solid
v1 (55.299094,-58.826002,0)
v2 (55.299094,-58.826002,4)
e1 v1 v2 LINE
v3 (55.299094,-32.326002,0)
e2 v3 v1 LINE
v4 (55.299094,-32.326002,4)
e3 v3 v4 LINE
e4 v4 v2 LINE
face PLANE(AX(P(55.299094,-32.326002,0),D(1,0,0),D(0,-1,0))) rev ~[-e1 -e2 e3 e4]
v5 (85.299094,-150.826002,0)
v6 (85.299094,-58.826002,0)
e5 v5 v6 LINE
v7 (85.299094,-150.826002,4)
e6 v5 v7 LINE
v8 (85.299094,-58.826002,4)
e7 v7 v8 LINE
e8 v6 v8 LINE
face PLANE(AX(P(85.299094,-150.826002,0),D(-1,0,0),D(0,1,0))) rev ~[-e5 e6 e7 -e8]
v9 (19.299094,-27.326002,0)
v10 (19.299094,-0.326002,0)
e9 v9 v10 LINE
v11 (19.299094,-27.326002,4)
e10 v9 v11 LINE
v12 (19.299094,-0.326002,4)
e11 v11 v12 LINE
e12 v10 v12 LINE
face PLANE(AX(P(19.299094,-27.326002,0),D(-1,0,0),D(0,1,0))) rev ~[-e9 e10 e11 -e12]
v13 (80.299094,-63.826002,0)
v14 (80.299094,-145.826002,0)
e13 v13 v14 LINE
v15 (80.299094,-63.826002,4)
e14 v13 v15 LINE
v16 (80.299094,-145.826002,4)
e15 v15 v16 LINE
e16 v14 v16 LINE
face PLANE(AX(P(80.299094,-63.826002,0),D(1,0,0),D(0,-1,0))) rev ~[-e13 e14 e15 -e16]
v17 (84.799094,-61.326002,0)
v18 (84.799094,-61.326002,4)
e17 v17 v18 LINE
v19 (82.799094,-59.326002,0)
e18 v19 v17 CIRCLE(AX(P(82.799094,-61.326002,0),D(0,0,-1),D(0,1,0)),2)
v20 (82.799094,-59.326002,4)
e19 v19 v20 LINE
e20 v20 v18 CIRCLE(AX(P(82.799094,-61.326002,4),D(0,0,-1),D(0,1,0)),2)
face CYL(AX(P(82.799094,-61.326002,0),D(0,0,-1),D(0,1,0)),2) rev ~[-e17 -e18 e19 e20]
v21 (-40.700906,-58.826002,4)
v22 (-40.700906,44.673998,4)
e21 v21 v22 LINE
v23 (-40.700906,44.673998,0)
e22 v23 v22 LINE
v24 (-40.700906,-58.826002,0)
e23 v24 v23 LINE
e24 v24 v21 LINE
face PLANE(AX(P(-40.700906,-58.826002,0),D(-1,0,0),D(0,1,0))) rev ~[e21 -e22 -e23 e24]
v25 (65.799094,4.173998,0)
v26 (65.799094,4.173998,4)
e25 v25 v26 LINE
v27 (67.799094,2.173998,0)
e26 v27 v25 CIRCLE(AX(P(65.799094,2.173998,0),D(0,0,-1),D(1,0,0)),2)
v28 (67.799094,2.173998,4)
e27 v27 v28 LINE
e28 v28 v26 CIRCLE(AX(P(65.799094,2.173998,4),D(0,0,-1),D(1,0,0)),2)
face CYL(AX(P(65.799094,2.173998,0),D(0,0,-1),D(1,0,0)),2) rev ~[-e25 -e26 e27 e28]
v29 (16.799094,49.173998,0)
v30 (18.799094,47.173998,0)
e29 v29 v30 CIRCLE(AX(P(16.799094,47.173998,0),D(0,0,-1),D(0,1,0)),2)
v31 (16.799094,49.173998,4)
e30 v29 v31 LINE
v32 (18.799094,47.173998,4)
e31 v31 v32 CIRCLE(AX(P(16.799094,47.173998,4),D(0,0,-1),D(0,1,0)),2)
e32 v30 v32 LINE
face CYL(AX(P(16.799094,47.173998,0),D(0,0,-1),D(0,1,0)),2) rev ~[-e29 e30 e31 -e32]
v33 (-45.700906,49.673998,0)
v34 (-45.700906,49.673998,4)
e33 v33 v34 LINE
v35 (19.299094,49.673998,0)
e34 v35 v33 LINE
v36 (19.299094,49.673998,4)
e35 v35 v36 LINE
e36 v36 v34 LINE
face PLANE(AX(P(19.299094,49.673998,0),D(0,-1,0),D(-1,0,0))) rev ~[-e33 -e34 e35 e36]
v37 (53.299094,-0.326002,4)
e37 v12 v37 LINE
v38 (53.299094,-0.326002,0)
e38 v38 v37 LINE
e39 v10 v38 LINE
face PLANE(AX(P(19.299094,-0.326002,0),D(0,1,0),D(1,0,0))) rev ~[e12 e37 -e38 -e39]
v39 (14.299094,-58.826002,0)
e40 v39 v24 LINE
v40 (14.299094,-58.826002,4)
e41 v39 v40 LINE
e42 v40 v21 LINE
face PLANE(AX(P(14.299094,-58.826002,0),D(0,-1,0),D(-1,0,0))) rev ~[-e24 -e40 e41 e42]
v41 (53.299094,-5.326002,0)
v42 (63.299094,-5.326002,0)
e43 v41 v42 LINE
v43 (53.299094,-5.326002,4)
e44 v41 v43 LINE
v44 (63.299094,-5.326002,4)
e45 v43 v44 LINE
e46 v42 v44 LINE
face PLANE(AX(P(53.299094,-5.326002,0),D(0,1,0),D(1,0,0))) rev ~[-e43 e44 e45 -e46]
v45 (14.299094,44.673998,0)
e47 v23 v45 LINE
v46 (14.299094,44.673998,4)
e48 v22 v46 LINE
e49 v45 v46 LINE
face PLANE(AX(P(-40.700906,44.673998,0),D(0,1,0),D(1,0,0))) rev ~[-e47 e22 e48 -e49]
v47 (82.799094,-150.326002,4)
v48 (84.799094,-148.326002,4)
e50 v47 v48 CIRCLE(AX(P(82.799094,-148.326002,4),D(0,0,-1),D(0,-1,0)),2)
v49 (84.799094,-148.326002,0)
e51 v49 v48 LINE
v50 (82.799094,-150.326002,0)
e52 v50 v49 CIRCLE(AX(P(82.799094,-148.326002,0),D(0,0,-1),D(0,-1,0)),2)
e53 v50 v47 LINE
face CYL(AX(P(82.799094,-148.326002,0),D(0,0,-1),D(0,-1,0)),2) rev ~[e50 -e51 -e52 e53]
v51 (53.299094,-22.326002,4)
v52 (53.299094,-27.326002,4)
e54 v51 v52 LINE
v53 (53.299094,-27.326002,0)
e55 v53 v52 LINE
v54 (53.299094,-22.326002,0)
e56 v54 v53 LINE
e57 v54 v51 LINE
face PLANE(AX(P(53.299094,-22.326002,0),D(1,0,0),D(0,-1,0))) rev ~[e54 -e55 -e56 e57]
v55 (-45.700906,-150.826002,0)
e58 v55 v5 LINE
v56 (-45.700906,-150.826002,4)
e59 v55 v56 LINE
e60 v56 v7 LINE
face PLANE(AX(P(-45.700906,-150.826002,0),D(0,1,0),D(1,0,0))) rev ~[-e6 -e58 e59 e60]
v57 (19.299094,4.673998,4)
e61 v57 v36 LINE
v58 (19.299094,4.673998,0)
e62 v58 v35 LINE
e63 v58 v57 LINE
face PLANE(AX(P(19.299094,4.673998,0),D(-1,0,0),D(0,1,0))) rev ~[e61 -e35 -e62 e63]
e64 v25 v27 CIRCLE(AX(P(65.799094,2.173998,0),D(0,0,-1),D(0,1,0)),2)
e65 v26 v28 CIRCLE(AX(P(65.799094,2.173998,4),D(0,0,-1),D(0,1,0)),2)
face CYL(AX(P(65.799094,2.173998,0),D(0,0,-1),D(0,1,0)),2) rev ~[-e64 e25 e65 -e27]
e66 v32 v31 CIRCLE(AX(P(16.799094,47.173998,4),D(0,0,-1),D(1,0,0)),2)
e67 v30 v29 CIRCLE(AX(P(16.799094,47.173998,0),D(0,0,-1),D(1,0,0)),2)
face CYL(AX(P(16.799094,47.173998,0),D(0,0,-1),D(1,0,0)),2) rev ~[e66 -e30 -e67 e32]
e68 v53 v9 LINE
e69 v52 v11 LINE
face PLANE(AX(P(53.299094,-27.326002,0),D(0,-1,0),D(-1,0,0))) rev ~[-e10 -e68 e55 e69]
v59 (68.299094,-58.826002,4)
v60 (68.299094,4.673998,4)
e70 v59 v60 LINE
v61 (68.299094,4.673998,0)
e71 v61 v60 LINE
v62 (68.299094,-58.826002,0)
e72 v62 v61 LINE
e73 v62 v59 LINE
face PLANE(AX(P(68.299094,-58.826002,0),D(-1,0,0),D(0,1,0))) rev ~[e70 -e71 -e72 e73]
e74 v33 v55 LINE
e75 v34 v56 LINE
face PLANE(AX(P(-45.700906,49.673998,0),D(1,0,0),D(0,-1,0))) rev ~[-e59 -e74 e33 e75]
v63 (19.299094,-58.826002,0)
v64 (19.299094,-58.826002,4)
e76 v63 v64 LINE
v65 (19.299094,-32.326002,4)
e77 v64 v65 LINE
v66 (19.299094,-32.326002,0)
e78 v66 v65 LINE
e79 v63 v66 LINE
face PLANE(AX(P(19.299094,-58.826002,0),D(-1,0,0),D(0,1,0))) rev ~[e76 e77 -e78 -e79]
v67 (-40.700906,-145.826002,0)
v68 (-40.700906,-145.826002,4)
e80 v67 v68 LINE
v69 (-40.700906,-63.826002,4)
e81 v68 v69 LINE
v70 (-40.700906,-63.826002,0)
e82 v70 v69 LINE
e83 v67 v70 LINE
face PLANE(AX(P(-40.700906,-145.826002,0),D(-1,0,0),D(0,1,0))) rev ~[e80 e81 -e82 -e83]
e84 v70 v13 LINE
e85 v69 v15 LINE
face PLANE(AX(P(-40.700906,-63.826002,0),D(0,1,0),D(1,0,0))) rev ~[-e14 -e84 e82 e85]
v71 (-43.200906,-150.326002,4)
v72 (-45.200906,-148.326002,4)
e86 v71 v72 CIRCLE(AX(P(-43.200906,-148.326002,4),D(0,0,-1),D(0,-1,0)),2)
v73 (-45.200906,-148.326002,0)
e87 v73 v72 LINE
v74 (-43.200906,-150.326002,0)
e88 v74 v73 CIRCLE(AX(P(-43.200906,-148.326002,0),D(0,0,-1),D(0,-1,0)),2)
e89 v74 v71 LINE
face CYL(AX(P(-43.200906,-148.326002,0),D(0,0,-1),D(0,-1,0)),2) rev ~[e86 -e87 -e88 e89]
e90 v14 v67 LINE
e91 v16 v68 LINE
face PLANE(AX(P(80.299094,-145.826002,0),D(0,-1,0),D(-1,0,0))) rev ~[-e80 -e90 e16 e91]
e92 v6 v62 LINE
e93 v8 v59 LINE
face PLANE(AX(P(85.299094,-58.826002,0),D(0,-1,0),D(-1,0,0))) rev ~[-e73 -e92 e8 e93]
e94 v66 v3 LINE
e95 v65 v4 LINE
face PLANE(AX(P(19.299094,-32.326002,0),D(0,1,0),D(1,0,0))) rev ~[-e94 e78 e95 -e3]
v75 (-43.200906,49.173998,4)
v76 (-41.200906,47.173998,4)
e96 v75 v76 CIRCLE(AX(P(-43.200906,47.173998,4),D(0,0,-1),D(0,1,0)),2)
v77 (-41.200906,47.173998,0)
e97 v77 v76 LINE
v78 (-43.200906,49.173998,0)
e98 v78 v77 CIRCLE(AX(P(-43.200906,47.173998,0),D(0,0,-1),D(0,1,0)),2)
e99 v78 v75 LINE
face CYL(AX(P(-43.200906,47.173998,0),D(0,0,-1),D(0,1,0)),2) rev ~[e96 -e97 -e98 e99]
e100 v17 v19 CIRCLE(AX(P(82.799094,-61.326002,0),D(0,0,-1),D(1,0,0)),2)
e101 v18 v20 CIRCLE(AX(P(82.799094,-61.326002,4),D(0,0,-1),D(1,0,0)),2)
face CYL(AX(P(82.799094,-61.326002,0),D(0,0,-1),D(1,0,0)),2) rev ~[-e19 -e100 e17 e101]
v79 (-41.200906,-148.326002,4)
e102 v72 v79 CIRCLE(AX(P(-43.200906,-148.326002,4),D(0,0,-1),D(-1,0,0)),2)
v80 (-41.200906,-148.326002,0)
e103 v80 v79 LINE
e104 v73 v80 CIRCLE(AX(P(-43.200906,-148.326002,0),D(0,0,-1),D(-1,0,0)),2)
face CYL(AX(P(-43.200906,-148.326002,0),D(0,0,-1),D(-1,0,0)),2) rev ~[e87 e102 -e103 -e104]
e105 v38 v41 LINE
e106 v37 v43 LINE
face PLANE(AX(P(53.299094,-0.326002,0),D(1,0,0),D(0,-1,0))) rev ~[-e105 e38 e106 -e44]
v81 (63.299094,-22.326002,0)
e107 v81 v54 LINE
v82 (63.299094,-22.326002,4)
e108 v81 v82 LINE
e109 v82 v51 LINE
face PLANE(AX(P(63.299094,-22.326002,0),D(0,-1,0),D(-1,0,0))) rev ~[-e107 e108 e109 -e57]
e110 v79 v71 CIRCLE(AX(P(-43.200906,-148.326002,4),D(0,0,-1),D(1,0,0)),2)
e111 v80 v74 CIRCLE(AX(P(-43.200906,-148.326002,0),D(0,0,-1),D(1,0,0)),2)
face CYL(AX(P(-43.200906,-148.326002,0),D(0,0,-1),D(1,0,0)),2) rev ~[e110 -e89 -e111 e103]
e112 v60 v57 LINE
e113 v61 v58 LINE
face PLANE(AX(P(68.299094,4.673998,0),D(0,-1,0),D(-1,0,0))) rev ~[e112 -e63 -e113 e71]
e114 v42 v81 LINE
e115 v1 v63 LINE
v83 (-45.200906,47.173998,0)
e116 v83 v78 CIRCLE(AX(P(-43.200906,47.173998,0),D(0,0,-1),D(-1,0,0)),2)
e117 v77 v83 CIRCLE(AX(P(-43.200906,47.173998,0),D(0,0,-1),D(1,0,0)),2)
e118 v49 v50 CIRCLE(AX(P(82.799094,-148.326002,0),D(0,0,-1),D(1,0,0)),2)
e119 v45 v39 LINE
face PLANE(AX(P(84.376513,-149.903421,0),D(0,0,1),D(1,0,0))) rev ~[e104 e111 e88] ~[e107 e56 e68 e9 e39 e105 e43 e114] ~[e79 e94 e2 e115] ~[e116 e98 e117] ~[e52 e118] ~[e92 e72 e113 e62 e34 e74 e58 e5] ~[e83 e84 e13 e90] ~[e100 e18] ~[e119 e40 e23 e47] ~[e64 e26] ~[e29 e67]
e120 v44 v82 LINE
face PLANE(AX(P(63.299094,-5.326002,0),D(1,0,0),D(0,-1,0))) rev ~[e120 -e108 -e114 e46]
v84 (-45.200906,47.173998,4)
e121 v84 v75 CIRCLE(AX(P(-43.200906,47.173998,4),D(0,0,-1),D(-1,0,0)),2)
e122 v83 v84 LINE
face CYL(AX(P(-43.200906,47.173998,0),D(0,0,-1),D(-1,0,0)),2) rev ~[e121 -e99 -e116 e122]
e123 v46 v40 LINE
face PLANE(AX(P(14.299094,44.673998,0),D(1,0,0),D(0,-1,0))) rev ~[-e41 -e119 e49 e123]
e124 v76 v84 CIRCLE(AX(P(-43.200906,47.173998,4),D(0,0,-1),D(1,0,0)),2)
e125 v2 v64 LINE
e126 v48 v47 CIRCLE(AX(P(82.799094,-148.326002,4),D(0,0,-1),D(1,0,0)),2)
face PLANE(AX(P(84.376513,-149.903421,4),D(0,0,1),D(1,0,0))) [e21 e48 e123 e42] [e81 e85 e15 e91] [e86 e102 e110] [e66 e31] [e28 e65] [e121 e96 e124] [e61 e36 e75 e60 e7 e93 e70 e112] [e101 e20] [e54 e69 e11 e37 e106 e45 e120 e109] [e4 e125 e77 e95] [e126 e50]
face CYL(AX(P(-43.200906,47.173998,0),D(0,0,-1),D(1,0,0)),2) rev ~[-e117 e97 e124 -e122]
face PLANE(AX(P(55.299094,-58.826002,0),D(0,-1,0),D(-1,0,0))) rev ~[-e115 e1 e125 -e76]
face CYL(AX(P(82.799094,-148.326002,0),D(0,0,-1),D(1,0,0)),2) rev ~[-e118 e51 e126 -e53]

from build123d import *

# Parameters (mm, degrees)
F0_W     = 5
F0_H     = 5
F1_DEPTH = 4


with BuildPart() as f1:
    # F0 (on Top) → F1 (new body)
    with BuildSketch(Plane.XY):
        with BuildLine():
            Line((82.7990943193, -150.3260023594), (82.7990943193, -150.8260023594))
            Line((82.7990943193, -150.8260023594), (85.2990943193, -150.8260023594))
            Line((85.2990943193, -150.8260023594), (85.2990943193, -148.3260023594))
            Line((85.2990943193, -148.3260023594), (84.7990943193, -148.3260023594))
            ThreePointArc((84.7990943193, -148.3260023594), (84.2133078817, -149.7402159218), (82.7990943193, -150.3260023594))
        make_face()
        with BuildLine():
            Line((-45.2009056807, -148.3260023594), (-45.7009056807, -148.3260023594))
            Line((-45.7009056807, -148.3260023594), (-45.7009056807, -150.8260023594))
            Line((-45.7009056807, -150.8260023594), (-43.2009056807, -150.8260023594))
            Line((-43.2009056807, -150.8260023594), (-43.2009056807, -150.3260023594))
            ThreePointArc((-43.2009056807, -150.3260023594), (-44.615119243, -149.7402159218), (-45.2009056807, -148.3260023594))
        make_face()
        with BuildLine():
            Line((-43.2009056807, 49.1739976406), (-43.2009056807, 49.6739976406))
            Line((-43.2009056807, 49.6739976406), (-45.7009056807, 49.6739976406))
            Line((-45.7009056807, 49.6739976406), (-45.7009056807, 47.1739976406))
            Line((-45.7009056807, 47.1739976406), (-45.2009056807, 47.1739976406))
            ThreePointArc((-45.2009056807, 47.1739976406), (-44.615119243, 48.588211203), (-43.2009056807, 49.1739976406))
        make_face()
        with BuildLine():
            Line((85.2990943193, -61.3260023594), (85.2990943193, -58.8260023594))
            Line((85.2990943193, -58.8260023594), (82.7990943193, -58.8260023594))
            Line((82.7990943193, -58.8260023594), (82.7990943193, -59.3260023594))
            ThreePointArc((82.7990943193, -59.3260023594), (84.2133078817, -59.911788797), (84.7990943193, -61.3260023594))
            Line((84.7990943193, -61.3260023594), (85.2990943193, -61.3260023594))
        make_face()
        with BuildLine():
            Line((19.2990943193, 49.6739976406), (16.7990943193, 49.6739976406))
            Line((16.7990943193, 49.6739976406), (16.7990943193, 49.1739976406))
            ThreePointArc((16.7990943193, 49.1739976406), (18.2133078817, 48.588211203), (18.7990943193, 47.1739976406))
            Line((18.7990943193, 47.1739976406), (19.2990943193, 47.1739976406))
            Line((19.2990943193, 47.1739976406), (19.2990943193, 49.6739976406))
        make_face()
        with BuildLine():
            Line((85.2990943193, -63.8260023594), (85.2990943193, -61.3260023594))
            Line((85.2990943193, -61.3260023594), (84.7990943193, -61.3260023594))
            ThreePointArc((84.7990943193, -61.3260023594), (81.384880757, -62.7402159218), (82.7990943193, -59.3260023594))
            Line((82.7990943193, -59.3260023594), (82.7990943193, -58.8260023594))
            Line((82.7990943193, -58.8260023594), (80.2990943193, -58.8260023594))
            Line((80.2990943193, -58.8260023594), (80.2990943193, -63.8260023594))
            Line((80.2990943193, -63.8260023594), (85.2990943193, -63.8260023594))
        make_face()
        with BuildLine():
            Line((14.2990943193, 49.6739976406), (14.2990943193, 44.6739976406))
            Line((14.2990943193, 44.6739976406), (16.7990943193, 44.6739976406))
            Line((16.7990943193, 44.6739976406), (19.2990943193, 44.6739976406))
            Line((19.2990943193, 44.6739976406), (19.2990943193, 47.1739976406))
            Line((19.2990943193, 47.1739976406), (18.7990943193, 47.1739976406))
            ThreePointArc((18.7990943193, 47.1739976406), (15.384880757, 45.7597840782), (16.7990943193, 49.1739976406))
            Line((16.7990943193, 49.1739976406), (16.7990943193, 49.6739976406))
            Line((16.7990943193, 49.6739976406), (14.2990943193, 49.6739976406))
        make_face()
        with BuildLine():
            Line((-37.7009056807, -58.8260023594), (-40.7009056807, -58.8260023594))
            Line((-40.7009056807, -58.8260023594), (-40.7009056807, -52.8260023594))
            Line((-40.7009056807, -52.8260023594), (-40.7009056807, 28.4739976406))
            Line((-40.7009056807, 28.4739976406), (-40.7009056807, 44.6739976406))
            Line((-40.7009056807, 44.6739976406), (14.2990943193, 44.6739976406))
            Line((14.2990943193, 44.6739976406), (14.2990943193, 49.6739976406))
            Line((14.2990943193, 49.6739976406), (-43.2009056807, 49.6739976406))
            Line((-43.2009056807, 49.6739976406), (-43.2009056807, 49.1739976406))
            ThreePointArc((-43.2009056807, 49.1739976406), (-41.7866921183, 48.588211203), (-41.2009056807, 47.1739976406))
            ThreePointArc((-41.2009056807, 47.1739976406), (-43.2009056807, 45.1739976406), (-45.2009056807, 47.1739976406))
            Line((-45.2009056807, 47.1739976406), (-45.7009056807, 47.1739976406))
            Line((-45.7009056807, 47.1739976406), (-45.7009056807, -148.3260023594))
            Line((-45.7009056807, -148.3260023594), (-45.2009056807, -148.3260023594))
            ThreePointArc((-45.2009056807, -148.3260023594), (-43.2009056807, -146.3260023594), (-41.2009056807, -148.3260023594))
            ThreePointArc((-41.2009056807, -148.3260023594), (-41.7866921183, -149.7402159218), (-43.2009056807, -150.3260023594))
            Line((-43.2009056807, -150.3260023594), (-43.2009056807, -150.8260023594))
            Line((-43.2009056807, -150.8260023594), (82.7990943193, -150.8260023594))
            Line((82.7990943193, -150.8260023594), (82.7990943193, -150.3260023594))
            ThreePointArc((82.7990943193, -150.3260023594), (81.384880757, -146.911788797), (84.7990943193, -148.3260023594))
            Line((84.7990943193, -148.3260023594), (85.2990943193, -148.3260023594))
            Line((85.2990943193, -148.3260023594), (85.2990943193, -63.8260023594))
            Line((85.2990943193, -63.8260023594), (80.2990943193, -63.8260023594))
            Line((80.2990943193, -63.8260023594), (80.2990943193, -58.8260023594))
            Line((80.2990943193, -58.8260023594), (68.2990943193, -58.8260023594))
            Line((68.2990943193, -58.8260023594), (68.2990943193, -22.3260023594))
            Line((68.2990943193, -22.3260023594), (68.2990943193, -5.3260023594))
            Line((68.2990943193, -5.3260023594), (63.2990943193, -5.3260023594))
            Line((63.2990943193, -5.3260023594), (63.2990943193, -22.3260023594))
            Line((63.2990943193, -22.3260023594), (53.2990943193, -22.3260023594))
            Line((53.2990943193, -22.3260023594), (53.2990943193, -25.3760023594))
            Line((53.2990943193, -25.3760023594), (53.2990943193, -27.3260023594))
            Line((53.2990943193, -27.3260023594), (51.3490943193, -27.3260023594))
            Line((51.3490943193, -27.3260023594), (28.5490943193, -27.3260023594))
            Line((28.5490943193, -27.3260023594), (19.2990943193, -27.3260023594))
            Line((19.2990943193, -27.3260023594), (19.2990943193, -25.3760023594))
            Line((19.2990943193, -25.3760023594), (19.2990943193, -2.2760023594))
            Line((19.2990943193, -2.2760023594), (19.2990943193, -0.3260023594))
            Line((19.2990943193, -0.3260023594), (14.2990943193, -0.3260023594))
            Line((14.2990943193, -0.3260023594), (14.2990943193, -27.3260023594))
            Line((14.2990943193, -27.3260023594), (14.2990943193, -32.3260023594))
            Line((14.2990943193, -32.3260023594), (14.2990943193, -47.2260023594))
            Line((14.2990943193, -47.2260023594), (14.2990943193, -58.8260023594))
            Line((14.2990943193, -58.8260023594), (11.2990943193, -58.8260023594))
            Line((11.2990943193, -58.8260023594), (-37.7009056807, -58.8260023594))
        make_face()
        Polygon((76.8990943193, -63.8260023594), (80.2990943193, -63.8260023594), (80.2990943193, -67.2260023594), (80.2990943193, -142.4260023594), (80.2990943193, -145.8260023594), (76.8990943193, -145.8260023594), (-37.3009056807, -145.8260023594), (-40.7009056807, -145.8260023594), (-40.7009056807, -142.4260023594), (-40.7009056807, -67.2260023594), (-40.7009056807, -63.8260023594), (-37.3009056807, -63.8260023594), (14.2990943193, -63.8260023594), (19.2990943193, -63.8260023594), align=None, mode=Mode.SUBTRACT)
        Polygon((53.5990943193, -58.8260023594), (19.2990943193, -58.8260023594), (19.2990943193, -32.3260023594), (53.5990943193, -32.3260023594), (55.2990943193, -32.3260023594), (55.2990943193, -34.0260023594), (55.2990943193, -57.1260023594), (55.2990943193, -58.8260023594), align=None, mode=Mode.SUBTRACT)
        with Locations((16.7990943193, 2.1739976406)):
            Rectangle(F0_W, F0_H)
        Polygon((16.7990943193, 44.6739976406), (14.2990943193, 44.6739976406), (14.2990943193, 29.8739976406), (14.2990943193, 4.6739976406), (19.2990943193, 4.6739976406), (19.2990943193, 44.6739976406), align=None)
        with BuildLine():
            Line((65.7990943193, 4.6739976406), (19.2990943193, 4.6739976406))
            Line((19.2990943193, 4.6739976406), (19.2990943193, -0.3260023594))
            Line((19.2990943193, -0.3260023594), (28.5490943193, -0.3260023594))
            Line((28.5490943193, -0.3260023594), (51.3490943193, -0.3260023594))
            Line((51.3490943193, -0.3260023594), (53.2990943193, -0.3260023594))
            Line((53.2990943193, -0.3260023594), (53.2990943193, -2.2760023594))
            Line((53.2990943193, -2.2760023594), (53.2990943193, -5.3260023594))
            Line((53.2990943193, -5.3260023594), (63.2990943193, -5.3260023594))
            Line((63.2990943193, -5.3260023594), (68.2990943193, -5.3260023594))
            Line((68.2990943193, -5.3260023594), (68.2990943193, 2.1739976406))
            Line((68.2990943193, 2.1739976406), (67.7990943193, 2.1739976406))
            ThreePointArc((67.7990943193, 2.1739976406), (64.384880757, 0.7597840782), (65.7990943193, 4.1739976406))
            Line((65.7990943193, 4.1739976406), (65.7990943193, 4.6739976406))
        make_face()
        with BuildLine():
            Line((68.2990943193, 4.6739976406), (65.7990943193, 4.6739976406))
            Line((65.7990943193, 4.6739976406), (65.7990943193, 4.1739976406))
            ThreePointArc((65.7990943193, 4.1739976406), (67.2133078817, 3.588211203), (67.7990943193, 2.1739976406))
            Line((67.7990943193, 2.1739976406), (68.2990943193, 2.1739976406))
            Line((68.2990943193, 2.1739976406), (68.2990943193, 4.6739976406))
        make_face()
    extrude(amount=F1_DEPTH)


solid = f1.part
